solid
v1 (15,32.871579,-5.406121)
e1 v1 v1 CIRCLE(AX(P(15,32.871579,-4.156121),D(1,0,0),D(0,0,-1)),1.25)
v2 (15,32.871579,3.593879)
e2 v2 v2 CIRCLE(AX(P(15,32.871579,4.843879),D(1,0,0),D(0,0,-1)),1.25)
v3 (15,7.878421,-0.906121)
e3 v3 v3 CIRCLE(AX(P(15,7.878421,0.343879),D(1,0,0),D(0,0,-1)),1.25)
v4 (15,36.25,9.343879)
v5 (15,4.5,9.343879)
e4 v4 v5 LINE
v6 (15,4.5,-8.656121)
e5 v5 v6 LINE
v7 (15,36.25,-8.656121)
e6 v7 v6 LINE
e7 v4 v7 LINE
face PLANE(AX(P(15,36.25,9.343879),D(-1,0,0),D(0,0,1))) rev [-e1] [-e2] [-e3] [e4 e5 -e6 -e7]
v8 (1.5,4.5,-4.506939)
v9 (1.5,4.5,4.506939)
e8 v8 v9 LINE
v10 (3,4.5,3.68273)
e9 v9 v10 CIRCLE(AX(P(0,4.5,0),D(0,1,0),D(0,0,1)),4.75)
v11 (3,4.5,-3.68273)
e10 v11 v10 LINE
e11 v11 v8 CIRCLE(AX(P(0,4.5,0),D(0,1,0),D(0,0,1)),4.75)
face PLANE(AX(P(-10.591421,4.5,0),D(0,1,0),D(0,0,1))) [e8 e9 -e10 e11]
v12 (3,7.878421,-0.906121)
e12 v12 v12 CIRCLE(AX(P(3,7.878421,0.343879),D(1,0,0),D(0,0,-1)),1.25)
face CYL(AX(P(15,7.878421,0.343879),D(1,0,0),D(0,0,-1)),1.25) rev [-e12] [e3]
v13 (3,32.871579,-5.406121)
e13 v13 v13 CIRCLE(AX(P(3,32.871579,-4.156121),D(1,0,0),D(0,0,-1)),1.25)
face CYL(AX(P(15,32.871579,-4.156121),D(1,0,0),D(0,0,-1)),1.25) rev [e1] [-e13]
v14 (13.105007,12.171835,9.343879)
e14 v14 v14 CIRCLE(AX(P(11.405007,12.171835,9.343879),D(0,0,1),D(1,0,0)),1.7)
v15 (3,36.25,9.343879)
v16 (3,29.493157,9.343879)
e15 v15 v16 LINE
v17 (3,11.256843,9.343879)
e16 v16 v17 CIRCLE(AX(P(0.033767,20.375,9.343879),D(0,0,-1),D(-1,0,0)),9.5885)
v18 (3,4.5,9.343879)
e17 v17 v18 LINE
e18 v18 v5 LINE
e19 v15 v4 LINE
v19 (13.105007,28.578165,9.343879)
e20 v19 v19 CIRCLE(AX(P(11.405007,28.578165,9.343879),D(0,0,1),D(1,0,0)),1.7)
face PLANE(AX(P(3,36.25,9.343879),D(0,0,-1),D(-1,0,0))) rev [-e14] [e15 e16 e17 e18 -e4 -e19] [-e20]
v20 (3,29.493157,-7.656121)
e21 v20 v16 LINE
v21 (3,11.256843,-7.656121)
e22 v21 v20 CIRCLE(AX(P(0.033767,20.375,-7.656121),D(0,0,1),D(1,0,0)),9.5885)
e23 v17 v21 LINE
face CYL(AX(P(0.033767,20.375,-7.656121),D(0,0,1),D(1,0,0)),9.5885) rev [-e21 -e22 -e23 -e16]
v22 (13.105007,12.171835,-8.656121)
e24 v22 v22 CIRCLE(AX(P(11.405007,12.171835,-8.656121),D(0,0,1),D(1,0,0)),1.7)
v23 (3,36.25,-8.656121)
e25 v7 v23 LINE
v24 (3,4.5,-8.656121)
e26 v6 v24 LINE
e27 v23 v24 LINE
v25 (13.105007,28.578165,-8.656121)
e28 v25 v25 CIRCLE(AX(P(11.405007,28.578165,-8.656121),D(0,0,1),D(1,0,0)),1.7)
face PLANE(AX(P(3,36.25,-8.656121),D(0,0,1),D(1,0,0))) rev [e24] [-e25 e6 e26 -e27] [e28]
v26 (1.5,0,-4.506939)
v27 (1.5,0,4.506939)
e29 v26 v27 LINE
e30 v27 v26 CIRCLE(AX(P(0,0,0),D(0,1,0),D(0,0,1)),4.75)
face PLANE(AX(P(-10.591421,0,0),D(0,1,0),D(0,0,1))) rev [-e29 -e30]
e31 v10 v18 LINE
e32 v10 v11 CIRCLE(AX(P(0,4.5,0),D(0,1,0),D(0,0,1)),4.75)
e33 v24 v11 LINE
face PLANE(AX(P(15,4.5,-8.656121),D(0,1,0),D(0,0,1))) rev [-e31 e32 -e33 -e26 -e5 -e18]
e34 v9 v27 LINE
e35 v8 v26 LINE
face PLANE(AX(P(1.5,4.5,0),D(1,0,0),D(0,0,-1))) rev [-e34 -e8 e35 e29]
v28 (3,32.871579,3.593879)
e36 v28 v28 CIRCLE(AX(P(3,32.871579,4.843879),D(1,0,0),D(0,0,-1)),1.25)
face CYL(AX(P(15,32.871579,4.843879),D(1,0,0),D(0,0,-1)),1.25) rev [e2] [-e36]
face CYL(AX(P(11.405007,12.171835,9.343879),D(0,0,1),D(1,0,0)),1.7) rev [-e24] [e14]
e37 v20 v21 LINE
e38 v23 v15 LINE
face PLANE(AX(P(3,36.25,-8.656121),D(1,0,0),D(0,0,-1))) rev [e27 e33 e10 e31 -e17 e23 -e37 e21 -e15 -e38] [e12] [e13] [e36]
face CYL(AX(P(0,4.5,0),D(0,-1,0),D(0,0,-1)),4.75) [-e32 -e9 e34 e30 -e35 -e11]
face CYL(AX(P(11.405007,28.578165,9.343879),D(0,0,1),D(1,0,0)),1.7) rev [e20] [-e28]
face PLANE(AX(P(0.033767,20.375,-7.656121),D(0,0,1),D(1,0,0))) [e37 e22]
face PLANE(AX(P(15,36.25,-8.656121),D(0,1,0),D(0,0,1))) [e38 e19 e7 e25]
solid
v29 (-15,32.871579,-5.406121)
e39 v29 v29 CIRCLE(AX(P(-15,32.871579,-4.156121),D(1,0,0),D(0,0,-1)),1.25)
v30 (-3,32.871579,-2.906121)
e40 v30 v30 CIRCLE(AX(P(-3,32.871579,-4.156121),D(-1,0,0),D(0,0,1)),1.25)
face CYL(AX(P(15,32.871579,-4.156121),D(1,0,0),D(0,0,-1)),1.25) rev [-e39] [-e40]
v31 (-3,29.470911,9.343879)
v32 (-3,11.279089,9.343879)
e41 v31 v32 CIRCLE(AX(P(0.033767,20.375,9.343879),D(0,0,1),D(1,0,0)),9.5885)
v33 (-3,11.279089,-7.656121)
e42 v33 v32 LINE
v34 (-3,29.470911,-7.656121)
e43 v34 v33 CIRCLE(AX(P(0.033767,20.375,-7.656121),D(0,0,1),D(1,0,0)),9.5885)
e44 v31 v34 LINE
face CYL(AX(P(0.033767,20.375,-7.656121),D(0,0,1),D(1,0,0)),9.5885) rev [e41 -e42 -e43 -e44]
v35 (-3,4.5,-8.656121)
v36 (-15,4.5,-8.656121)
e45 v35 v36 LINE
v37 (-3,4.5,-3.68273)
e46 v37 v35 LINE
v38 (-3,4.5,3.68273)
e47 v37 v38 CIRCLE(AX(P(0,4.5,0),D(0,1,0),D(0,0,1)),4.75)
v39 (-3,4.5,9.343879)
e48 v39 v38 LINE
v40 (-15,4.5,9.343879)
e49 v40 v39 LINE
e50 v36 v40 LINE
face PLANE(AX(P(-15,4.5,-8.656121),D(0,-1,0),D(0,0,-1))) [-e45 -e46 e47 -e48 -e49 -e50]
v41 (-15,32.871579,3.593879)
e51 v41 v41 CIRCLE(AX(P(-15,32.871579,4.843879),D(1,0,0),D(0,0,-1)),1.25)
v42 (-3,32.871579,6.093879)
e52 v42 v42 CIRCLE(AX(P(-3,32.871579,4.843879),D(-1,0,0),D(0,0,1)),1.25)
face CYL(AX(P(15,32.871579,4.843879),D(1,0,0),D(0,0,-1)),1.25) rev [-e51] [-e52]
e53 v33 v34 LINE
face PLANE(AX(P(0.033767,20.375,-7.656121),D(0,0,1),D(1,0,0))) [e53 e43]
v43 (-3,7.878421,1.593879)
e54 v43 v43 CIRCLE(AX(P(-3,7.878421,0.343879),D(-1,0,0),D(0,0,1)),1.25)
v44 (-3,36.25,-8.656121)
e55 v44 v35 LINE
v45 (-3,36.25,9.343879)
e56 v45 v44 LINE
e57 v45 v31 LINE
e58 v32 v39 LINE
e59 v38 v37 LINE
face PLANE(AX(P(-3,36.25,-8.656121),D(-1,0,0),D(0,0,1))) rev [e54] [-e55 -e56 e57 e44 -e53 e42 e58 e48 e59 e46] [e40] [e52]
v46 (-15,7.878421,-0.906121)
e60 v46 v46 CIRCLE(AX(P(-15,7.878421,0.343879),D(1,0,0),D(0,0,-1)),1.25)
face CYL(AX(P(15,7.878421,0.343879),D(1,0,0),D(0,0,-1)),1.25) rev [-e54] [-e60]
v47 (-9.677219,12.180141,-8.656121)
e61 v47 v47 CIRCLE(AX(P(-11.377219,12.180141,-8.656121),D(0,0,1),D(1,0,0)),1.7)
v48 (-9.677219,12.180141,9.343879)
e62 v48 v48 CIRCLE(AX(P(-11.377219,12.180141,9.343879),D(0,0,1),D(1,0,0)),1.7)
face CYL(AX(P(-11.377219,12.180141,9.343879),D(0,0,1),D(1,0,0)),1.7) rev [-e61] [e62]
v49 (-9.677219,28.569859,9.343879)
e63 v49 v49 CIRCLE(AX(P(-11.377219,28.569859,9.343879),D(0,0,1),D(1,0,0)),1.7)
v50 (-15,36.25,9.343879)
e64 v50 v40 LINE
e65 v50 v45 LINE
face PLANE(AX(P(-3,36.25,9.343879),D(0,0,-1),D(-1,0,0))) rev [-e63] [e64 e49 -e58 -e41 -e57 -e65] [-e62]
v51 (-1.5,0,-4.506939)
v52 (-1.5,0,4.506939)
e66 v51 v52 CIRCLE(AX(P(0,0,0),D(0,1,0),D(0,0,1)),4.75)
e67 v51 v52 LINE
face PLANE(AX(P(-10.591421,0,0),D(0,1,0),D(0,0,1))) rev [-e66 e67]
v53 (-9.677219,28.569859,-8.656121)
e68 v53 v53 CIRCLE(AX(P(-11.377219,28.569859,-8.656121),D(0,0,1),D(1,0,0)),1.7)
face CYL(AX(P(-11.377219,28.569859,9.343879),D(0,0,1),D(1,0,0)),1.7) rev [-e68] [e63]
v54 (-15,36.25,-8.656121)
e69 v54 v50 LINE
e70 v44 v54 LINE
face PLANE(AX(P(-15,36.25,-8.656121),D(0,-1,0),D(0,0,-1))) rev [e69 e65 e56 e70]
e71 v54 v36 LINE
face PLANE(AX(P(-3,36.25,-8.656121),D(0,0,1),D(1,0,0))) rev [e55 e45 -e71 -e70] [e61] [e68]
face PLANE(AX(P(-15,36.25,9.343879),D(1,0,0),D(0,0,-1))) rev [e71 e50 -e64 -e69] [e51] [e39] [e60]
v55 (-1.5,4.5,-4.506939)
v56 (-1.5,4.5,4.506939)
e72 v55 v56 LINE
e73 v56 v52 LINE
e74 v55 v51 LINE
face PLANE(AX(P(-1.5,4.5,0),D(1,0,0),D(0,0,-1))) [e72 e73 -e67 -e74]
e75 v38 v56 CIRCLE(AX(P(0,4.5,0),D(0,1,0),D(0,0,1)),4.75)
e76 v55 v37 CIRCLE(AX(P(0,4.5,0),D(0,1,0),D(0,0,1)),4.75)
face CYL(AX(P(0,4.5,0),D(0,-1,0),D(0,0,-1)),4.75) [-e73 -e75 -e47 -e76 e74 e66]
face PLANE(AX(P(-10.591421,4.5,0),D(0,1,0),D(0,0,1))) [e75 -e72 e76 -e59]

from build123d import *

# Parameters (mm, degrees)
SKETCH2_W             = 12
SKETCH2_H             = 18
EXTRUDE1_DEPTH        = 31.75
EXTRUDE1_2_DEPTH      = 31.75
EXTRUDE2_DEPTH        = 4.5
SKETCH4_R             = 9.5885
EXTRUDE3_DEPTH        = 17
M3_CLEARANCE_HOLE1_D  = 3.4
M3X0_5_TAPPED_HOLE1_D = 2.5


with BuildPart() as part:
    # Sketch2 → Extrude1 (new body)
    with BuildSketch(Plane(origin=(0, 4.5, 0), x_dir=(-1, 0, 0), z_dir=(0, 1, 0))):
        with Locations((9, 0.343878918)):
            Rectangle(SKETCH2_W, SKETCH2_H)
    extrude(amount=EXTRUDE1_DEPTH)



with BuildPart() as body_2:
    # Sketch2 → Extrude1 2 (new body)
    with BuildSketch(Plane(origin=(0, 4.5, 0), x_dir=(-1, 0, 0), z_dir=(0, 1, 0))):
        with Locations((-9, 0.343878918)):
            Rectangle(SKETCH2_W, SKETCH2_H)
    extrude(amount=EXTRUDE1_2_DEPTH)


with BuildPart() as part_1:
    add(part.part)

    add(body_2.part)  # Extrude2 merges body 2
    # Sketch1 → Extrude2 (add)
    with BuildSketch(Plane(origin=(0, 0, 0), x_dir=(1, 0, 0), z_dir=(0, 1, 0))):
        with BuildLine():
            ThreePointArc((4.75, 0), (3.852758752, 2.778263846), (1.5, 4.506939094))
            Line((1.5, 4.506939094), (1.5, -4.506939094))
            ThreePointArc((1.5, -4.506939094), (3.852758752, -2.778263846), (4.75, 0))
        make_face()
        with BuildLine():
            Line((-1.5, -4.506939094), (-1.5, 4.506939094))
            ThreePointArc((-1.5, 4.506939094), (-4.75, 0), (-1.5, -4.506939094))
        make_face()
    extrude(amount=EXTRUDE2_DEPTH)

    # Sketch4 → Extrude3 (cut)
    with BuildSketch(Plane.XY.offset(9.343878918)):
        with Locations((0.033766691, 20.375)):
            Circle(SKETCH4_R)
    extrude(amount=-EXTRUDE3_DEPTH, mode=Mode.SUBTRACT)

    # M3 Clearance Hole1 (through all)
    with Locations(Plane(origin=(-11.377218639, 28.569859147, 9.343878918), x_dir=(1, 0, 0), z_dir=(0, 0, 1))):
        with Locations((0, 0), (0, -16.389718294), (22.782225349, -16.398024537), (22.782225349, 0.008306243)):
            Hole(M3_CLEARANCE_HOLE1_D / 2)

    # M3x0.5 Tapped Hole1 (through all)
    with Locations(Plane(origin=(15, 32.871578641, 4.843878918), x_dir=(0, 0, 1), z_dir=(1, 0, 0))):
        with Locations((0, 0), (-9, 0), (-4.5, 24.993157282)):
            Hole(M3X0_5_TAPPED_HOLE1_D / 2)


solid = part_1.part
